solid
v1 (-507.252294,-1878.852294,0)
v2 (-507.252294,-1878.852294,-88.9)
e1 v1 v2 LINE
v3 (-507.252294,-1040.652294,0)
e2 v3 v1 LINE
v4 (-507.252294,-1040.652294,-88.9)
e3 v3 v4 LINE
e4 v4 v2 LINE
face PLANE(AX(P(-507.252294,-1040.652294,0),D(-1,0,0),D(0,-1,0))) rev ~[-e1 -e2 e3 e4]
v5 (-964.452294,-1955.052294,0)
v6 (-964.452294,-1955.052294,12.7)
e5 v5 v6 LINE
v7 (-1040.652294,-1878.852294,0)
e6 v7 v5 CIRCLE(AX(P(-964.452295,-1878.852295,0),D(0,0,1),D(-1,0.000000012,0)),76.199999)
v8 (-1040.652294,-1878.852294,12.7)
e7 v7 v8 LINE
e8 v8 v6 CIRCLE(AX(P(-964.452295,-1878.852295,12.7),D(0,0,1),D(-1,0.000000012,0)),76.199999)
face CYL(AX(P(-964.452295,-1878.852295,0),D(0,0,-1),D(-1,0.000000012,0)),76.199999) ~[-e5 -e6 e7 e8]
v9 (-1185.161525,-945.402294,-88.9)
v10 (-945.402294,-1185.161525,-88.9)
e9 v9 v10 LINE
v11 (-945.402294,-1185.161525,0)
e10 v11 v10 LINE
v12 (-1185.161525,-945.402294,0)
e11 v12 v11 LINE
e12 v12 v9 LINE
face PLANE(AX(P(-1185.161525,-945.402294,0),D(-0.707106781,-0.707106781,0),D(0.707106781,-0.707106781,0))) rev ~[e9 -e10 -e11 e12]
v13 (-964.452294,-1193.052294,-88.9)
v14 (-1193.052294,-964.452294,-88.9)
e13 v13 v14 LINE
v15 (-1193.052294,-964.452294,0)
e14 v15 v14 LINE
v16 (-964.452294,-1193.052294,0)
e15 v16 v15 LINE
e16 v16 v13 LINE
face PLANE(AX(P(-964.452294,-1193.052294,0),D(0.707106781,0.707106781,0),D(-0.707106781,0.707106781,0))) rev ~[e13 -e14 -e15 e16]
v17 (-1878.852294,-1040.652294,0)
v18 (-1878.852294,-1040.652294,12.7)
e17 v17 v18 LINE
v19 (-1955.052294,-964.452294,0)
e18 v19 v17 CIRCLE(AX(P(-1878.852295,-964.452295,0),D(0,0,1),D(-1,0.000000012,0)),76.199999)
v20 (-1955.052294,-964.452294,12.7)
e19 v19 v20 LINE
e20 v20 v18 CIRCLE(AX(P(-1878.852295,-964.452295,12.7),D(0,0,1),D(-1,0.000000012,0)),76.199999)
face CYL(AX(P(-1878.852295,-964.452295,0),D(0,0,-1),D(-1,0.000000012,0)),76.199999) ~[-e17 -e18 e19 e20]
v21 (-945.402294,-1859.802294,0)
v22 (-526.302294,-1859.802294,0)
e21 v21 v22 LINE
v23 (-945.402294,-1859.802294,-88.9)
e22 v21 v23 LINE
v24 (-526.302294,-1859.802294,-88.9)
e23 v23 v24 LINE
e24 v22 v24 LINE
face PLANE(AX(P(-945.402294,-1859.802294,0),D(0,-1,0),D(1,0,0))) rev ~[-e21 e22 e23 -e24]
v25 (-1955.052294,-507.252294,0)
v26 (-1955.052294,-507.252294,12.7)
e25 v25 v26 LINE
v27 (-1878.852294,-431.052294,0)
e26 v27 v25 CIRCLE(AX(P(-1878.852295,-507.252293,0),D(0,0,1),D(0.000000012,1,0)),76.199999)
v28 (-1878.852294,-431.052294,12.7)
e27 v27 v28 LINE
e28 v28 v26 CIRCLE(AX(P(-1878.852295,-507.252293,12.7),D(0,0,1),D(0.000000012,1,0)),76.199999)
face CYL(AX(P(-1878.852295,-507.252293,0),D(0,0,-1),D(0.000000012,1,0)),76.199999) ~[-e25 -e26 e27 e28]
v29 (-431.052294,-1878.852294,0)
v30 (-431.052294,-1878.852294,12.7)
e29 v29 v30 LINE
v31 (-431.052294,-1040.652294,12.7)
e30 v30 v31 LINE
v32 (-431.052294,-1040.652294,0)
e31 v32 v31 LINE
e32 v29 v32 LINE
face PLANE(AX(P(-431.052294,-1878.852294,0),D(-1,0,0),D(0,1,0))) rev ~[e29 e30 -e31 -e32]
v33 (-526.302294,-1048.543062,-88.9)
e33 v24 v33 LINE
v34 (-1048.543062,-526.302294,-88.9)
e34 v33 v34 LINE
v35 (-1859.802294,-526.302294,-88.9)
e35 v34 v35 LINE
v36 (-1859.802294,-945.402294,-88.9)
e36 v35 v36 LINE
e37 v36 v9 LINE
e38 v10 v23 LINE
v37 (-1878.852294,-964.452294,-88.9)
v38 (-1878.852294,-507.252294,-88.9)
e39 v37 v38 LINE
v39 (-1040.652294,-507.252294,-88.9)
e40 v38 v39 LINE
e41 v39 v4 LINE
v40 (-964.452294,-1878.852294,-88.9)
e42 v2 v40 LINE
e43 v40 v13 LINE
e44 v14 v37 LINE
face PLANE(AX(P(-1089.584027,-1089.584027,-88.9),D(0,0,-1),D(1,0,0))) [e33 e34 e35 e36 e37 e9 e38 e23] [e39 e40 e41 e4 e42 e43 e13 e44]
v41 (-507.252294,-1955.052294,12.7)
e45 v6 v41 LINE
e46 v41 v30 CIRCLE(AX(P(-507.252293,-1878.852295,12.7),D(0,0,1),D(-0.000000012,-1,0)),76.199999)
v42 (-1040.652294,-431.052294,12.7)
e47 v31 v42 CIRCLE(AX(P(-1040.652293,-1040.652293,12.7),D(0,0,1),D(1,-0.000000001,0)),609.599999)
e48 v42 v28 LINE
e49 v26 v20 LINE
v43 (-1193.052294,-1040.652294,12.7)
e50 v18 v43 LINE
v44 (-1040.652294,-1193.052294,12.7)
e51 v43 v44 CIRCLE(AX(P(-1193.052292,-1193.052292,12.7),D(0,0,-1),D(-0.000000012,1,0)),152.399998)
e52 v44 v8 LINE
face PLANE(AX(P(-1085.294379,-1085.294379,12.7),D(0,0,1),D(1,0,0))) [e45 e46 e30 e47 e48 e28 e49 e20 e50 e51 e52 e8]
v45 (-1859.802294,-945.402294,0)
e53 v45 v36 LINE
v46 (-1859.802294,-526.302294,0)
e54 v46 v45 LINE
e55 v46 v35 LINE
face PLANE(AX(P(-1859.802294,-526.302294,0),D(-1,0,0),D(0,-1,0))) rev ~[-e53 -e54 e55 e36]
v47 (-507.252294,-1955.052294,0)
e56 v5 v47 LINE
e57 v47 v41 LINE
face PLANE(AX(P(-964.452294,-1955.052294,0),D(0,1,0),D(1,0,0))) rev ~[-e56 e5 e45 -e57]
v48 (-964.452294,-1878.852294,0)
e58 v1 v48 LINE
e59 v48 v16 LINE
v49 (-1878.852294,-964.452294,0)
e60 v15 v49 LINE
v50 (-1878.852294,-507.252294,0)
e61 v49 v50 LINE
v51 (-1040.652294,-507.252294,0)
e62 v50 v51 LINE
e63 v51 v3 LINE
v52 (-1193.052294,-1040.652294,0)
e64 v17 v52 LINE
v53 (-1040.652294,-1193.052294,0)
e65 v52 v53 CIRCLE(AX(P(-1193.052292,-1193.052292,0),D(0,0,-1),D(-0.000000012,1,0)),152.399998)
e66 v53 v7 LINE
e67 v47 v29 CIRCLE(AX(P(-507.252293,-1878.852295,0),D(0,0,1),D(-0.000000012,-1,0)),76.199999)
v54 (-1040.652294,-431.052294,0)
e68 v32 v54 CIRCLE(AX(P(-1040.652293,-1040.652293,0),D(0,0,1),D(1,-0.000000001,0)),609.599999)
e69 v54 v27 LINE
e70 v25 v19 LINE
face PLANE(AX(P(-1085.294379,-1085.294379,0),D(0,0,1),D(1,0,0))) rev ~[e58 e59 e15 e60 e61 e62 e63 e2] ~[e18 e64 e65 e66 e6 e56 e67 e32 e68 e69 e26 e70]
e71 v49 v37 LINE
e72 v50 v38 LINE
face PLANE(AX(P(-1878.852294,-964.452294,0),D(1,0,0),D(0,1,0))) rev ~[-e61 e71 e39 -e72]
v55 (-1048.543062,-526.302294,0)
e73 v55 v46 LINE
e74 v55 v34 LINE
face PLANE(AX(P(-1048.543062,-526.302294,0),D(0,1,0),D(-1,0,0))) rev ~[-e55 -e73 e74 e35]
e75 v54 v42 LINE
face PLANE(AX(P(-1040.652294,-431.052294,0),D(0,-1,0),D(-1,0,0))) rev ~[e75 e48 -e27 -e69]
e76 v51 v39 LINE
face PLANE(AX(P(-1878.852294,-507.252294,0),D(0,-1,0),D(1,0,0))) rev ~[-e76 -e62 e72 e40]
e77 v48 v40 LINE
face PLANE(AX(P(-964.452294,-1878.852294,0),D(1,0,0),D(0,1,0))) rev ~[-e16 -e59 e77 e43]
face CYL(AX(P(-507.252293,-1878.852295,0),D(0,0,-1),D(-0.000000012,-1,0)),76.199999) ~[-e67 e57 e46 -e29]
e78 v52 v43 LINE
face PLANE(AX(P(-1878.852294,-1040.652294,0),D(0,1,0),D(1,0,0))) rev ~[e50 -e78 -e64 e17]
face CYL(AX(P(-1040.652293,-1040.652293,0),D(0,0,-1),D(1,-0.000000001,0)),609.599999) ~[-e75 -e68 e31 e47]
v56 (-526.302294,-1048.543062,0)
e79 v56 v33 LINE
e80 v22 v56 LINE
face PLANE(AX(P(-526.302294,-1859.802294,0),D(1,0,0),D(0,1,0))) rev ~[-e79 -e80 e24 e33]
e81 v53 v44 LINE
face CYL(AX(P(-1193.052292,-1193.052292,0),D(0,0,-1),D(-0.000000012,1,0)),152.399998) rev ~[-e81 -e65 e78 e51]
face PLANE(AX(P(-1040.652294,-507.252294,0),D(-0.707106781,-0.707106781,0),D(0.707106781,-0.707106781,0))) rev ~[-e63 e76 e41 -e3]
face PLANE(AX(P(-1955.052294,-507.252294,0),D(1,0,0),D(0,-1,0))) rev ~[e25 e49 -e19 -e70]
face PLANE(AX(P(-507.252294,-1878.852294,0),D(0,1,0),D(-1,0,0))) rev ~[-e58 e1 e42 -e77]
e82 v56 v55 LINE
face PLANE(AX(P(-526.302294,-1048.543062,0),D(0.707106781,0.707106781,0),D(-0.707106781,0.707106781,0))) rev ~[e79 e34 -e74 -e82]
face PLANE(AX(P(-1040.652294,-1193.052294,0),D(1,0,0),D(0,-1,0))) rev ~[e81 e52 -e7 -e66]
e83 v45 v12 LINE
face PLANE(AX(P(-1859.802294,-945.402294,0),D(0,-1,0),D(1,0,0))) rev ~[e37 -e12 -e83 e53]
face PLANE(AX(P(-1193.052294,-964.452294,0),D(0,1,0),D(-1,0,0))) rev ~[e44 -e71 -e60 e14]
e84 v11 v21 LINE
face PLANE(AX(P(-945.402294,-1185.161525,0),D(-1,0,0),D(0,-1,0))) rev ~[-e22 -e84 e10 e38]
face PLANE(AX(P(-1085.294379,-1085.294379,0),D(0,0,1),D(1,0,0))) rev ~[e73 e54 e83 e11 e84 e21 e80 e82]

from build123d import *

# Parameters (mm, degrees)
F1_DEPTH = 12.7
F3_DEPTH = 88.9


with BuildPart() as f1:
    # F0 (on Top) → F1 (new body)
    with BuildSketch(Plane.XY):
        with BuildLine():
            Line((-1040.652294, -431.052294), (-1878.852294, -431.052294))
            ThreePointArc((-1878.852294, -431.052294), (-1932.733831, -453.370757), (-1955.052294, -507.252294))
            Line((-1955.052294, -507.252294), (-1955.052294, -964.452294))
            ThreePointArc((-1955.052294, -964.452294), (-1932.733831, -1018.333831), (-1878.852294, -1040.652294))
            Line((-1878.852294, -1040.652294), (-1193.052294, -1040.652294))
            ThreePointArc((-1193.052294, -1040.652294), (-1085.28922, -1085.28922), (-1040.652294, -1193.052294))
            Line((-1040.652294, -1193.052294), (-1040.652294, -1878.852294))
            ThreePointArc((-1040.652294, -1878.852294), (-1018.333831, -1932.733831), (-964.452294, -1955.052294))
            Line((-964.452294, -1955.052294), (-507.252294, -1955.052294))
            ThreePointArc((-507.252294, -1955.052294), (-453.370757, -1932.733831), (-431.052294, -1878.852294))
            Line((-431.052294, -1878.852294), (-431.052294, -1040.652294))
            ThreePointArc((-431.052294, -1040.652294), (-609.6, -609.6), (-1040.652294, -431.052294))
        make_face()
    extrude(amount=F1_DEPTH)

    # F2 (on face) → F3 (join)
    with BuildSketch(Plane(origin=(0, 0, 0), x_dir=(1, 0, 0), z_dir=(0, 0, -1))):
        Polygon((-507.252294, 1878.852294), (-964.452294, 1878.852294), (-964.452294, 1193.052294), (-1193.052294, 964.452294), (-1878.852294, 964.452294), (-1878.852294, 507.252294), (-1040.652294, 507.252294), (-507.252294, 1040.652294), align=None)
        Polygon((-945.402294, 1185.161525), (-945.402294, 1859.802294), (-526.302294, 1859.802294), (-526.302294, 1048.543062), (-1048.543062, 526.302294), (-1859.802294, 526.302294), (-1859.802294, 945.402294), (-1185.161525, 945.402294), align=None, mode=Mode.SUBTRACT)
    extrude(amount=F3_DEPTH)


solid = f1.part
